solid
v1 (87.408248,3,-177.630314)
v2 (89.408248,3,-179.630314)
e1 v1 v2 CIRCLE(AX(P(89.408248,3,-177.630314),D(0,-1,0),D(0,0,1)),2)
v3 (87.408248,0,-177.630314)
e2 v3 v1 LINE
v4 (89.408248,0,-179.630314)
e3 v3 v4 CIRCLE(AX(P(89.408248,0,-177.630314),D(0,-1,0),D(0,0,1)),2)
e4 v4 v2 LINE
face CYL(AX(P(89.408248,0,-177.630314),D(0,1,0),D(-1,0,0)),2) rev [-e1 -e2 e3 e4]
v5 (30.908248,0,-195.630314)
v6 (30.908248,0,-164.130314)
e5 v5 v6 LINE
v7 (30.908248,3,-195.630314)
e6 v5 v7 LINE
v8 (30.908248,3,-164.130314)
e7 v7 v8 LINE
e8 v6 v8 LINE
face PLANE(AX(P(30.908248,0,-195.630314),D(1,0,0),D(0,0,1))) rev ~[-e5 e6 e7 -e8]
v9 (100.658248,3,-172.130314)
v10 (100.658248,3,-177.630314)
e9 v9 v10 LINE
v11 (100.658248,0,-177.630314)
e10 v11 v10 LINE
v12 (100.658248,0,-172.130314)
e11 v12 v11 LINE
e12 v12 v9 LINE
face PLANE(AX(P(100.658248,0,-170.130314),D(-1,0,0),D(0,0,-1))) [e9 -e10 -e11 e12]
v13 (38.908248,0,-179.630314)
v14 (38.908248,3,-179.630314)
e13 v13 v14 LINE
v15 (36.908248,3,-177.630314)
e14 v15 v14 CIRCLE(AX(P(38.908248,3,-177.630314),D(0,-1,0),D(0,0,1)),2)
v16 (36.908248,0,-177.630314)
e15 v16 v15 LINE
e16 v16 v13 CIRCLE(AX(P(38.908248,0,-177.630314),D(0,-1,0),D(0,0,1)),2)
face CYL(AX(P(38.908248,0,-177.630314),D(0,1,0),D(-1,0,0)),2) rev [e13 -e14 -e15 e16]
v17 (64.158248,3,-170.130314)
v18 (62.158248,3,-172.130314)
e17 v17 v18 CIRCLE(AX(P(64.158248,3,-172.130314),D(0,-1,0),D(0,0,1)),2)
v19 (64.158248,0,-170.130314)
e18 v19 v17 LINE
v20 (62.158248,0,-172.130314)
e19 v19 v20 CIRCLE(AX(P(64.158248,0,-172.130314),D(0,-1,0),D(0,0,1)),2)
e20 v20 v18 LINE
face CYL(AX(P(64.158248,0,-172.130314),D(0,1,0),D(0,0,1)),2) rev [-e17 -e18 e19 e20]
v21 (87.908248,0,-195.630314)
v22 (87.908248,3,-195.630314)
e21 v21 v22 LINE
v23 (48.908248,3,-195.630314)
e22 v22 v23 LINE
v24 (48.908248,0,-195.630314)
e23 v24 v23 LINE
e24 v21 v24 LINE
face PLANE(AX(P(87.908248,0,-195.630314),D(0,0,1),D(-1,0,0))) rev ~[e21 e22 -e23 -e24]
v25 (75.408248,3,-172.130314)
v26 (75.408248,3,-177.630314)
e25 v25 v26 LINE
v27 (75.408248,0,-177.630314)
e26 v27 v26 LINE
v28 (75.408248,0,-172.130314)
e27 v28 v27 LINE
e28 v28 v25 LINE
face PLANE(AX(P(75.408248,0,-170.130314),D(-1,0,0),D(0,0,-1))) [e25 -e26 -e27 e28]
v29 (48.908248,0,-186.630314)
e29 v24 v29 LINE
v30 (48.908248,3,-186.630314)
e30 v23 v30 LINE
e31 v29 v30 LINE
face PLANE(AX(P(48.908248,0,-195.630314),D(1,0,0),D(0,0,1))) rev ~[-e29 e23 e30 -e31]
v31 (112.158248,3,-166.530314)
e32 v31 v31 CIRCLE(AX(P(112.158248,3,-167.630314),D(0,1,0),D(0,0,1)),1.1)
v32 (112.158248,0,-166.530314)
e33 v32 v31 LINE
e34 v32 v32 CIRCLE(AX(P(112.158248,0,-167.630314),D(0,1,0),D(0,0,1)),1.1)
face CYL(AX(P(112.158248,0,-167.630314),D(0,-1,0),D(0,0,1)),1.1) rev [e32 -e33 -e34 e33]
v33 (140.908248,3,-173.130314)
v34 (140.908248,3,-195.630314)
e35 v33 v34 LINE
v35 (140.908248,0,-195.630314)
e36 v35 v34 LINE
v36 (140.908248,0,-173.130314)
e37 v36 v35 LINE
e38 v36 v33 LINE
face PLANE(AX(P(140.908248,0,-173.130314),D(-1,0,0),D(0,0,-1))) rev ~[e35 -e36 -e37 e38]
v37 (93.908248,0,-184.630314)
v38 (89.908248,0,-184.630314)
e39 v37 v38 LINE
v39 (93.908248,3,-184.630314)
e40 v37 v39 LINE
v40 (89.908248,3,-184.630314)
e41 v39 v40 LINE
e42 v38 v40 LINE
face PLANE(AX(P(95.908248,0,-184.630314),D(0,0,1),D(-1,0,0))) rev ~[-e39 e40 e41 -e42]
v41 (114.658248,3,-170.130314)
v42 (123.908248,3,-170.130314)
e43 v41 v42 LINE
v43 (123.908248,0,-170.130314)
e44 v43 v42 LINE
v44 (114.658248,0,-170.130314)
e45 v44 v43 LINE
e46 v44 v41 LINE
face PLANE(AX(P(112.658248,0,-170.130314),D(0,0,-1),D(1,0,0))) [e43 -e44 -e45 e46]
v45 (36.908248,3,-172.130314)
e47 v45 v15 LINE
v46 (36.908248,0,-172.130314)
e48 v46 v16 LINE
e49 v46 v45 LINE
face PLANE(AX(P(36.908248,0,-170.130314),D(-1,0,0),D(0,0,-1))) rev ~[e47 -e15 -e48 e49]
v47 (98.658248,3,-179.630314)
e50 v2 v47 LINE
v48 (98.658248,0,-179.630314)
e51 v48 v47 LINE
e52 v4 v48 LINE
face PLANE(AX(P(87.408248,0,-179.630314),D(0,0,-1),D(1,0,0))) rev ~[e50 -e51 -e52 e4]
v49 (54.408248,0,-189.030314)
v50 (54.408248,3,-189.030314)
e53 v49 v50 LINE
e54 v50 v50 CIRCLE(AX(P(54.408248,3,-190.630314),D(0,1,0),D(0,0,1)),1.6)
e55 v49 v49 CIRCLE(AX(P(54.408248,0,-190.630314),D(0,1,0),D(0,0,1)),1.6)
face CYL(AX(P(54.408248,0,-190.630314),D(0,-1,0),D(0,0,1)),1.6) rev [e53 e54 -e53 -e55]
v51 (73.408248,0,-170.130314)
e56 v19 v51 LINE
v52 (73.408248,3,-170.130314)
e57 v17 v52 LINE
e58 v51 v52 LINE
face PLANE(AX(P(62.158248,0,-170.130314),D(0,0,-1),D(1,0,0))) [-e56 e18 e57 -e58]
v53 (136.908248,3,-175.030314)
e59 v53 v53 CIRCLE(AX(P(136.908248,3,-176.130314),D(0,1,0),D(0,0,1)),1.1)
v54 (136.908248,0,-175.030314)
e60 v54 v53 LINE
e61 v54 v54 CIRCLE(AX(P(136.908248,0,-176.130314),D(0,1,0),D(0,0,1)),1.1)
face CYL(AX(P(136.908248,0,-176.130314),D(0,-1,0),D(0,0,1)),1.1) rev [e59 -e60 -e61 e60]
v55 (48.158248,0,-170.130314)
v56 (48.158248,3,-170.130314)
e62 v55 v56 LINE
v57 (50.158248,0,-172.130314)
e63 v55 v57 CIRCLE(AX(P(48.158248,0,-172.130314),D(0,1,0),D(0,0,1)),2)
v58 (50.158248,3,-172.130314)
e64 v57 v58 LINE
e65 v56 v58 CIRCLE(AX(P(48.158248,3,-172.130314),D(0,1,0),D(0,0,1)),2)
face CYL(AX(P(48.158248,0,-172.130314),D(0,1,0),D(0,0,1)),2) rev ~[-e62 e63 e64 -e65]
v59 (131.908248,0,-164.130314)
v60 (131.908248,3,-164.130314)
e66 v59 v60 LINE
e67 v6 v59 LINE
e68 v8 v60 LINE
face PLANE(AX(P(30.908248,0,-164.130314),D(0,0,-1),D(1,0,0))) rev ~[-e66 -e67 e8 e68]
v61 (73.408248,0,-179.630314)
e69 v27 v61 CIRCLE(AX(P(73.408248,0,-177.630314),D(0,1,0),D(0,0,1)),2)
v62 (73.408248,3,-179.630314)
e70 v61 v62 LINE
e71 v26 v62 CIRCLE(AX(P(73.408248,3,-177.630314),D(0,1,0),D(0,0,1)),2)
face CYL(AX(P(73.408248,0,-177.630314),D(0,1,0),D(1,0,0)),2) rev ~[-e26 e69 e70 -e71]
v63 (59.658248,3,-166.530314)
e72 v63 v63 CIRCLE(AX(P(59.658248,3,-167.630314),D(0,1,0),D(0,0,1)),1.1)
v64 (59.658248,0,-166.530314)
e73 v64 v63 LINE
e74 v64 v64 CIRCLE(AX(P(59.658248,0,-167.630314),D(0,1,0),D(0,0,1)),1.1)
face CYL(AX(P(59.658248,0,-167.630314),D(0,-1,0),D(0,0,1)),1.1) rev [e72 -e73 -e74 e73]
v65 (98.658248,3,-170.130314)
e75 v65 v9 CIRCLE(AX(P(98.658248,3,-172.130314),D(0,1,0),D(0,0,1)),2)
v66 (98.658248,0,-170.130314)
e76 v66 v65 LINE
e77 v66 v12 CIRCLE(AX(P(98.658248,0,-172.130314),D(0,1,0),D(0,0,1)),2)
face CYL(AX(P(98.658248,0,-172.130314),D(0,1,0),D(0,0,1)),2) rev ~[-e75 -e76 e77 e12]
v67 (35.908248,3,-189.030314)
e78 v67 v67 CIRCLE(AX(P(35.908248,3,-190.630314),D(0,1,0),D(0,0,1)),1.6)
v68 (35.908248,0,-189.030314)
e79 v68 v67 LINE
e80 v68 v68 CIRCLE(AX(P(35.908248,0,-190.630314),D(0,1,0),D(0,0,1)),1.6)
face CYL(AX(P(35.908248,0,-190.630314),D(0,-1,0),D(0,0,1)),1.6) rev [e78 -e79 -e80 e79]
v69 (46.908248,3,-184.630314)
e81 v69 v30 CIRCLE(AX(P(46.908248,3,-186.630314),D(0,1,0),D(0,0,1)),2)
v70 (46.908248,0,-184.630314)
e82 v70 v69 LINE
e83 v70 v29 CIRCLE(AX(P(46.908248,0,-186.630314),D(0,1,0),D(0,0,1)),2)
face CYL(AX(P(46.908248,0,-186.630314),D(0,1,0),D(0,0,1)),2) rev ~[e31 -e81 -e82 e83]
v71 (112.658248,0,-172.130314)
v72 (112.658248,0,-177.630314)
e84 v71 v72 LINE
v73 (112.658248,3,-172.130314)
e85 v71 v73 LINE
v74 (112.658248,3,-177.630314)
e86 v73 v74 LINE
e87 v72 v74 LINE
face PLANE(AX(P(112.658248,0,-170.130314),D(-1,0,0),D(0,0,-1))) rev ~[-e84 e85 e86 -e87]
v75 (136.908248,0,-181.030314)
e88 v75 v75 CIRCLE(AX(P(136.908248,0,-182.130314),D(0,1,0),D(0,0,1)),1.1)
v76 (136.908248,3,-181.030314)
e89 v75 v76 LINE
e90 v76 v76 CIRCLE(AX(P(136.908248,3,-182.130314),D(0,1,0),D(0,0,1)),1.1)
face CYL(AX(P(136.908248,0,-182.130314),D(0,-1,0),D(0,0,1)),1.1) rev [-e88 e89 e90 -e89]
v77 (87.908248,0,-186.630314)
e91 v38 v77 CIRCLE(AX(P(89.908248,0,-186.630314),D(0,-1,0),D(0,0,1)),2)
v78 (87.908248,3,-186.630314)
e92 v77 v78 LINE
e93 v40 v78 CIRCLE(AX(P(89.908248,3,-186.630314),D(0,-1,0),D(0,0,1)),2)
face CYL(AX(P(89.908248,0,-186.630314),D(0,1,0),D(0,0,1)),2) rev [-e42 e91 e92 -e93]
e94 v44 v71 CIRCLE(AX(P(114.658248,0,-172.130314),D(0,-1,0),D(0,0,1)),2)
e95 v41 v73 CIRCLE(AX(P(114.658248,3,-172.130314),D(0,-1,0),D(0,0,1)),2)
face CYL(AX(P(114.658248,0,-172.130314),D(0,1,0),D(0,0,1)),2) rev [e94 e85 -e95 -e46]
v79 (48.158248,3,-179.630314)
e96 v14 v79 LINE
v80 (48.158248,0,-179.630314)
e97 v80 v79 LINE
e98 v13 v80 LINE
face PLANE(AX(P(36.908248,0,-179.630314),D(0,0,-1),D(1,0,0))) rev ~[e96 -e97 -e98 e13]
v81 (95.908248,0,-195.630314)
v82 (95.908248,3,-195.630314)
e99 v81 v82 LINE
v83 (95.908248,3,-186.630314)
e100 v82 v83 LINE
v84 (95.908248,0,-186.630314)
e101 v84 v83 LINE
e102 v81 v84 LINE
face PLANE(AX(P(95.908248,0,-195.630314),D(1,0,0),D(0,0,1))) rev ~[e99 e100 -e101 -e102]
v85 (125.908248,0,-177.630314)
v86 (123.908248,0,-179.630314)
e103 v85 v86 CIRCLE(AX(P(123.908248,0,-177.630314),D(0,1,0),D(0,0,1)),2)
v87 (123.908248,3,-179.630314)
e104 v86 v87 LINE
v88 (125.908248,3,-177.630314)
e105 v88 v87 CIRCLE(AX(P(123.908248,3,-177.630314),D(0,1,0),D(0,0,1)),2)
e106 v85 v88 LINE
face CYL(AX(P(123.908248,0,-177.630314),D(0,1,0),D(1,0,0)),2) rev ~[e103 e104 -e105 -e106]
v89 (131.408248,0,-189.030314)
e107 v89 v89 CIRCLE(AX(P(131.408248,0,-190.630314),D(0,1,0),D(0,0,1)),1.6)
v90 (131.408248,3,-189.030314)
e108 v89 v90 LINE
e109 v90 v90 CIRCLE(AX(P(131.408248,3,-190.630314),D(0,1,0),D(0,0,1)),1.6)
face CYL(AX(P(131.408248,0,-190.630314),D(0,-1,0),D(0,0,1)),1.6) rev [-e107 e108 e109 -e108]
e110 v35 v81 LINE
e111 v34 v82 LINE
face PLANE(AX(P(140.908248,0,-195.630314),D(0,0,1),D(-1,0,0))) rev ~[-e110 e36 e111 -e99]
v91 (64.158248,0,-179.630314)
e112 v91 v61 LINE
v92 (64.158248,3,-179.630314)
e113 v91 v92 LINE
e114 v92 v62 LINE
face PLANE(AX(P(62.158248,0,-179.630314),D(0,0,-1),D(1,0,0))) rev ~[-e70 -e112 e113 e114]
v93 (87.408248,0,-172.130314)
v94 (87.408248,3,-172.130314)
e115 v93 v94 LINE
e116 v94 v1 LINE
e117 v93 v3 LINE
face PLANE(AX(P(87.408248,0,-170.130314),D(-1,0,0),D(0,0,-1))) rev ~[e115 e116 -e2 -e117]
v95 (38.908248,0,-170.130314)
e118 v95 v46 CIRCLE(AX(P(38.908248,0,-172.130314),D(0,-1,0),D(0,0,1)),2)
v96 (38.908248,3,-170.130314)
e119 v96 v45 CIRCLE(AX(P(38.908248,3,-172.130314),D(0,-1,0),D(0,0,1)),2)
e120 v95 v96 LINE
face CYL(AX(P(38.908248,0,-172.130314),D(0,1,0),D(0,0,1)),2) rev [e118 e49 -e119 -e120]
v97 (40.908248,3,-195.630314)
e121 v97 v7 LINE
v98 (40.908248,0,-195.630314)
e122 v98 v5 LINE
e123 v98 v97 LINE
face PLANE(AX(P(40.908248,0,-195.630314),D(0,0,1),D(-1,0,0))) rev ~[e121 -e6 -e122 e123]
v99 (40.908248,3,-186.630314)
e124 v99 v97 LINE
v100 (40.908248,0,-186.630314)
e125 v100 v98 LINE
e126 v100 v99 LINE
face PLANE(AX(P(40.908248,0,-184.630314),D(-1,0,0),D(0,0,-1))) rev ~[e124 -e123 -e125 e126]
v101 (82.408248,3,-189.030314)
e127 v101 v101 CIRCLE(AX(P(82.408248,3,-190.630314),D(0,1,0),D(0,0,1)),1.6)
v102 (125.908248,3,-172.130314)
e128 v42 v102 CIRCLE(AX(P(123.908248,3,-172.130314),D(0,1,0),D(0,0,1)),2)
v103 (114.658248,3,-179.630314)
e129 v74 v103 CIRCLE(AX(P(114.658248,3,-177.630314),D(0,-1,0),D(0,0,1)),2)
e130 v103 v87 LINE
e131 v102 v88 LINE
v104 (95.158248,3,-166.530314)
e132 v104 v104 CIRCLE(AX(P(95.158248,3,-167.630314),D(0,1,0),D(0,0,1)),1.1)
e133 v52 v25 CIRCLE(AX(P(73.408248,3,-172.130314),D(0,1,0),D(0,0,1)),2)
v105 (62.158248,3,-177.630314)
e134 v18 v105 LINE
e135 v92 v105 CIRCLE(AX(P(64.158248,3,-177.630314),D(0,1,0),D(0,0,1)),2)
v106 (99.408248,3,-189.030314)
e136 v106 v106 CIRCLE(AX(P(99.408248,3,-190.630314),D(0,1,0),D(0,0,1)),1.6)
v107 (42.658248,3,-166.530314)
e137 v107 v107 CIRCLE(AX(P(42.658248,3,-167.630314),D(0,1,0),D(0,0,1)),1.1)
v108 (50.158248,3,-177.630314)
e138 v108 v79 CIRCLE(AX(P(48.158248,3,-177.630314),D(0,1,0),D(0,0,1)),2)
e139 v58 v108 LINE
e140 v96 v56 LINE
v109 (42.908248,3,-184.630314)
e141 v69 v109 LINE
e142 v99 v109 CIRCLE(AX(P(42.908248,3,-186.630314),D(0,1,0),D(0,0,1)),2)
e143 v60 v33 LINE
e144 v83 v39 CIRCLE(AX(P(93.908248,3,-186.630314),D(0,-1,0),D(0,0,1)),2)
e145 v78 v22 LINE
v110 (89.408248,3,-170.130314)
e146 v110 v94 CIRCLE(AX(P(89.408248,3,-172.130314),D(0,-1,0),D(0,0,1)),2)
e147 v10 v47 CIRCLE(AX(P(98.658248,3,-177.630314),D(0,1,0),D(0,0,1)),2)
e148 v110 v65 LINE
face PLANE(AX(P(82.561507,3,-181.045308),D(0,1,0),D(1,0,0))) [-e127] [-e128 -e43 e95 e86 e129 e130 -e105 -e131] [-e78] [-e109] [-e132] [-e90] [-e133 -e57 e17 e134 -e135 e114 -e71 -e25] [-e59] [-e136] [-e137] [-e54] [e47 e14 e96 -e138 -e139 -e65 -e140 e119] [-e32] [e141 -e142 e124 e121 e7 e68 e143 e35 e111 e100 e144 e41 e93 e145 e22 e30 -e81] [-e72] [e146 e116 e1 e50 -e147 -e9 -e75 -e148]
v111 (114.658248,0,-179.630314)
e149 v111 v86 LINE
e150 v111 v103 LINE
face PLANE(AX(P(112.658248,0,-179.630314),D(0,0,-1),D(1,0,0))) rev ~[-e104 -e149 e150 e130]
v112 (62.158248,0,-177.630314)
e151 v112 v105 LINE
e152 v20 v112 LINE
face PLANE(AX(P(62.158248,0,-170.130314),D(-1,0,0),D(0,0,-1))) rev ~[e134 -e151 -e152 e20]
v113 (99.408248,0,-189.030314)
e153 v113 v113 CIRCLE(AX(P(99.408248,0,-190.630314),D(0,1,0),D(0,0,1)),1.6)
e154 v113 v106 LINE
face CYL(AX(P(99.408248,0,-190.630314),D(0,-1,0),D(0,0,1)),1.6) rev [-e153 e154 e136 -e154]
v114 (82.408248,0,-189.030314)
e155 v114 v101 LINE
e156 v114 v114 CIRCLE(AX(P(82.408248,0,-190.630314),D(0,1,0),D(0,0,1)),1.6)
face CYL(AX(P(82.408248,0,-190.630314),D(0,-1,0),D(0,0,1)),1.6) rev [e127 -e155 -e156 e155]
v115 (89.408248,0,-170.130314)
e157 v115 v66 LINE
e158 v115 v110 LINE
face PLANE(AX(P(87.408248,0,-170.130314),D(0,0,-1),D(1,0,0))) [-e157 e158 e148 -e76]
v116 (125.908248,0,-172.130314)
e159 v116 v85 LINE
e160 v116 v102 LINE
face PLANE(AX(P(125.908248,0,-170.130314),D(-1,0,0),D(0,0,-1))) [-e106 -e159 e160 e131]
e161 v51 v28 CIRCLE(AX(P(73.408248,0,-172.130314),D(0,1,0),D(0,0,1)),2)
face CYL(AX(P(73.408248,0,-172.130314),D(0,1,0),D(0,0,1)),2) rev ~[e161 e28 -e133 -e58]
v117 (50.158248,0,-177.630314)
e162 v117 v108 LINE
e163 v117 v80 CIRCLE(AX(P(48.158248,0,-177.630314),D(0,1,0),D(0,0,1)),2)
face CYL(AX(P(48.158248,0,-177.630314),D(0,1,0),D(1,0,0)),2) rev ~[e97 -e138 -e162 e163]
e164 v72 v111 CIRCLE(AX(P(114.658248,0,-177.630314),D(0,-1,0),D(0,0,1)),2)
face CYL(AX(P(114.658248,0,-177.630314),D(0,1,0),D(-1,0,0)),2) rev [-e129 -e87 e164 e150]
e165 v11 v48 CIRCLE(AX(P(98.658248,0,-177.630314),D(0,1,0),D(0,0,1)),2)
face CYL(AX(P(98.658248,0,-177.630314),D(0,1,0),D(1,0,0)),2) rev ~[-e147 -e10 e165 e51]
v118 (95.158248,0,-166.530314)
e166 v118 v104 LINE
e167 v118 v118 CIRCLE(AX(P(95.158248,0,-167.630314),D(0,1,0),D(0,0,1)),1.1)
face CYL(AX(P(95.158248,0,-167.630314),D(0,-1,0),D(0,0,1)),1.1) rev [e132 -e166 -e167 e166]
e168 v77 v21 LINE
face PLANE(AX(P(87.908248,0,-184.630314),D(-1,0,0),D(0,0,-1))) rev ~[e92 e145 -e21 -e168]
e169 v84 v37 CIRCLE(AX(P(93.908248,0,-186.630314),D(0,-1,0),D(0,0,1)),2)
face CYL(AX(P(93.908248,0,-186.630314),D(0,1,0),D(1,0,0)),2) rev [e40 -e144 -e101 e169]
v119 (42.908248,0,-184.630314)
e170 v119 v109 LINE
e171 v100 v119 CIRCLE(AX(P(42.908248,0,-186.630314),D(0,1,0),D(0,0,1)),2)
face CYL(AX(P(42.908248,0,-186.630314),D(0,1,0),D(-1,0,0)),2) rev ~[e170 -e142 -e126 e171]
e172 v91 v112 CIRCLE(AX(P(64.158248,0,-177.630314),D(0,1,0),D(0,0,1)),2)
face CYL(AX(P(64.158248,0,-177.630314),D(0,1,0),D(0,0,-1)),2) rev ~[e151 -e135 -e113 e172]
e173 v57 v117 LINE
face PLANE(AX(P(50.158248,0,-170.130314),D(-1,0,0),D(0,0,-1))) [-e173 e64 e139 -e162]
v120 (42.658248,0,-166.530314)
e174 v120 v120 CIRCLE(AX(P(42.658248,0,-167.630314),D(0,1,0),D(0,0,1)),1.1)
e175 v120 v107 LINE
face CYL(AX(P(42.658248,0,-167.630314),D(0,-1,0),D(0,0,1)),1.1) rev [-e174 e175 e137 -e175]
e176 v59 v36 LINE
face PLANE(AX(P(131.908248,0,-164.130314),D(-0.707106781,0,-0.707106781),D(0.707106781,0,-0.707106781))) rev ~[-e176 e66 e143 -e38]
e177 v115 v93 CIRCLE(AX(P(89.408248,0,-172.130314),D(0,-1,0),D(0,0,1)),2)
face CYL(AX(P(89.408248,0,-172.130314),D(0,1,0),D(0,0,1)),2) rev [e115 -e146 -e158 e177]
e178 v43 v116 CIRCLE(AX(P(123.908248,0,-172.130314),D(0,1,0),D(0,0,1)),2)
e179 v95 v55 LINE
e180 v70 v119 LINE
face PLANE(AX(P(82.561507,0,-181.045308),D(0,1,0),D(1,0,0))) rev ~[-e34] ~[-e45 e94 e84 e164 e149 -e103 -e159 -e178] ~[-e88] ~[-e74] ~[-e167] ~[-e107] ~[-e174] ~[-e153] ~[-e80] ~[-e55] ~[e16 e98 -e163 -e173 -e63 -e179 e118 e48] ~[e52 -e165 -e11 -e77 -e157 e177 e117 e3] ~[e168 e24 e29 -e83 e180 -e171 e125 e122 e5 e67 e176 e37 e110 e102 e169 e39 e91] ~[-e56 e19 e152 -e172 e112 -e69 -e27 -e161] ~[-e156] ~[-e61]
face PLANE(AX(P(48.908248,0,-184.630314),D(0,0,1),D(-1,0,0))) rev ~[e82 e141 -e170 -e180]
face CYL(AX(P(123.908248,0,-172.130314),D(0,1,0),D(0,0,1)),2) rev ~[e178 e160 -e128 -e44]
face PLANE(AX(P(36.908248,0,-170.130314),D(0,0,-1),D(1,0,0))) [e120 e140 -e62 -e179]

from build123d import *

# Parameters (mm, degrees)
SKETCH1_R      = 1.6
SKETCH1_R_2    = 1.1
SKETCH1_W      = 13.25
SKETCH1_H      = 9.5
EXTRUDE1_DEPTH = 3
FILLET_1_R     = 2


with BuildPart() as part:
    # Sketch1 → Extrude1 (new body)
    with BuildSketch(Plane(origin=(0, 0, 0), x_dir=(1, 0, 0), z_dir=(0, 1, 0))):
        Polygon((30.90824759, 164.13031435), (131.90824759, 164.13031435), (140.90824759, 173.13031435), (140.90824759, 195.63031435), (95.90824759, 195.63031435), (95.90824759, 184.63031435), (87.90824759, 184.63031435), (87.90824759, 195.63031435), (48.90824759, 195.63031435), (48.90824759, 184.63031435), (40.90824759, 184.63031435), (40.90824759, 195.63031435), (30.90824759, 195.63031435), align=None)
        with Locations(Location((131.40824759, 190.63031435, 0), (0, 0, 270))):
            Circle(SKETCH1_R, mode=Mode.SUBTRACT)
        with Locations(Location((99.40824759, 190.63031435, 0), (0, 0, 270))):
            Circle(SKETCH1_R, mode=Mode.SUBTRACT)
        with Locations(Location((82.40824759, 190.63031435, 0), (0, 0, 270))):
            Circle(SKETCH1_R, mode=Mode.SUBTRACT)
        with Locations(Location((54.40824759, 190.63031435, 0), (0, 0, 270))):
            Circle(SKETCH1_R, mode=Mode.SUBTRACT)
        with Locations(Location((35.90824759, 190.63031435, 0), (0, 0, 270))):
            Circle(SKETCH1_R, mode=Mode.SUBTRACT)
        with Locations(Location((112.15824759, 167.63031435, 0), (0, 0, 270))):
            Circle(SKETCH1_R_2, mode=Mode.SUBTRACT)
        with Locations(Location((95.15824759, 167.63031435, 0), (0, 0, 270))):
            Circle(SKETCH1_R_2, mode=Mode.SUBTRACT)
        with Locations(Location((59.65824759, 167.63031435, 0), (0, 0, 270))):
            Circle(SKETCH1_R_2, mode=Mode.SUBTRACT)
        with Locations(Location((42.65824759, 167.63031435, 0), (0, 0, 270))):
            Circle(SKETCH1_R_2, mode=Mode.SUBTRACT)
        with Locations(Location((136.90824759, 176.13031435, 0), (0, 0, 270))):
            Circle(SKETCH1_R_2, mode=Mode.SUBTRACT)
        with Locations(Location((136.90824759, 182.13031435, 0), (0, 0, 270))):
            Circle(SKETCH1_R_2, mode=Mode.SUBTRACT)
        with Locations((119.28324759, 174.88031435)):
            Rectangle(SKETCH1_W, SKETCH1_H, mode=Mode.SUBTRACT)
        with Locations((94.03324759, 174.88031435)):
            Rectangle(SKETCH1_W, SKETCH1_H, mode=Mode.SUBTRACT)
        with Locations((43.53324759, 174.88031435)):
            Rectangle(SKETCH1_W, SKETCH1_H, mode=Mode.SUBTRACT)
        with Locations((68.78324759, 174.88031435)):
            Rectangle(SKETCH1_W, SKETCH1_H, mode=Mode.SUBTRACT)
    extrude(amount=EXTRUDE1_DEPTH)

    # 圆角1
    fillet_1_edges = [part.edges().sort_by_distance(p)[0] for p in [
        (36.90824759, 1.5, -170.13031435),
        (50.15824759, 1.5, -170.13031435),
        (50.15824759, 1.5, -179.63031435),
        (36.90824759, 1.5, -179.63031435),
        (62.15824759, 1.5, -170.13031435),
        (75.40824759, 1.5, -170.13031435),
        (75.40824759, 1.5, -179.63031435),
        (62.15824759, 1.5, -179.63031435),
        (40.90824759, 1.5, -184.63031435),
        (48.90824759, 1.5, -184.63031435),
        (87.90824759, 1.5, -184.63031435),
        (95.90824759, 1.5, -184.63031435),
        (112.65824759, 1.5, -179.63031435),
        (112.65824759, 1.5, -170.13031435),
        (125.90824759, 1.5, -170.13031435),
        (125.90824759, 1.5, -179.63031435),
        (87.40824759, 1.5, -179.63031435),
        (87.40824759, 1.5, -170.13031435),
        (100.65824759, 1.5, -170.13031435),
        (100.65824759, 1.5, -179.63031435),
    ]]
    fillet(fillet_1_edges, radius=FILLET_1_R)


solid = part.part
